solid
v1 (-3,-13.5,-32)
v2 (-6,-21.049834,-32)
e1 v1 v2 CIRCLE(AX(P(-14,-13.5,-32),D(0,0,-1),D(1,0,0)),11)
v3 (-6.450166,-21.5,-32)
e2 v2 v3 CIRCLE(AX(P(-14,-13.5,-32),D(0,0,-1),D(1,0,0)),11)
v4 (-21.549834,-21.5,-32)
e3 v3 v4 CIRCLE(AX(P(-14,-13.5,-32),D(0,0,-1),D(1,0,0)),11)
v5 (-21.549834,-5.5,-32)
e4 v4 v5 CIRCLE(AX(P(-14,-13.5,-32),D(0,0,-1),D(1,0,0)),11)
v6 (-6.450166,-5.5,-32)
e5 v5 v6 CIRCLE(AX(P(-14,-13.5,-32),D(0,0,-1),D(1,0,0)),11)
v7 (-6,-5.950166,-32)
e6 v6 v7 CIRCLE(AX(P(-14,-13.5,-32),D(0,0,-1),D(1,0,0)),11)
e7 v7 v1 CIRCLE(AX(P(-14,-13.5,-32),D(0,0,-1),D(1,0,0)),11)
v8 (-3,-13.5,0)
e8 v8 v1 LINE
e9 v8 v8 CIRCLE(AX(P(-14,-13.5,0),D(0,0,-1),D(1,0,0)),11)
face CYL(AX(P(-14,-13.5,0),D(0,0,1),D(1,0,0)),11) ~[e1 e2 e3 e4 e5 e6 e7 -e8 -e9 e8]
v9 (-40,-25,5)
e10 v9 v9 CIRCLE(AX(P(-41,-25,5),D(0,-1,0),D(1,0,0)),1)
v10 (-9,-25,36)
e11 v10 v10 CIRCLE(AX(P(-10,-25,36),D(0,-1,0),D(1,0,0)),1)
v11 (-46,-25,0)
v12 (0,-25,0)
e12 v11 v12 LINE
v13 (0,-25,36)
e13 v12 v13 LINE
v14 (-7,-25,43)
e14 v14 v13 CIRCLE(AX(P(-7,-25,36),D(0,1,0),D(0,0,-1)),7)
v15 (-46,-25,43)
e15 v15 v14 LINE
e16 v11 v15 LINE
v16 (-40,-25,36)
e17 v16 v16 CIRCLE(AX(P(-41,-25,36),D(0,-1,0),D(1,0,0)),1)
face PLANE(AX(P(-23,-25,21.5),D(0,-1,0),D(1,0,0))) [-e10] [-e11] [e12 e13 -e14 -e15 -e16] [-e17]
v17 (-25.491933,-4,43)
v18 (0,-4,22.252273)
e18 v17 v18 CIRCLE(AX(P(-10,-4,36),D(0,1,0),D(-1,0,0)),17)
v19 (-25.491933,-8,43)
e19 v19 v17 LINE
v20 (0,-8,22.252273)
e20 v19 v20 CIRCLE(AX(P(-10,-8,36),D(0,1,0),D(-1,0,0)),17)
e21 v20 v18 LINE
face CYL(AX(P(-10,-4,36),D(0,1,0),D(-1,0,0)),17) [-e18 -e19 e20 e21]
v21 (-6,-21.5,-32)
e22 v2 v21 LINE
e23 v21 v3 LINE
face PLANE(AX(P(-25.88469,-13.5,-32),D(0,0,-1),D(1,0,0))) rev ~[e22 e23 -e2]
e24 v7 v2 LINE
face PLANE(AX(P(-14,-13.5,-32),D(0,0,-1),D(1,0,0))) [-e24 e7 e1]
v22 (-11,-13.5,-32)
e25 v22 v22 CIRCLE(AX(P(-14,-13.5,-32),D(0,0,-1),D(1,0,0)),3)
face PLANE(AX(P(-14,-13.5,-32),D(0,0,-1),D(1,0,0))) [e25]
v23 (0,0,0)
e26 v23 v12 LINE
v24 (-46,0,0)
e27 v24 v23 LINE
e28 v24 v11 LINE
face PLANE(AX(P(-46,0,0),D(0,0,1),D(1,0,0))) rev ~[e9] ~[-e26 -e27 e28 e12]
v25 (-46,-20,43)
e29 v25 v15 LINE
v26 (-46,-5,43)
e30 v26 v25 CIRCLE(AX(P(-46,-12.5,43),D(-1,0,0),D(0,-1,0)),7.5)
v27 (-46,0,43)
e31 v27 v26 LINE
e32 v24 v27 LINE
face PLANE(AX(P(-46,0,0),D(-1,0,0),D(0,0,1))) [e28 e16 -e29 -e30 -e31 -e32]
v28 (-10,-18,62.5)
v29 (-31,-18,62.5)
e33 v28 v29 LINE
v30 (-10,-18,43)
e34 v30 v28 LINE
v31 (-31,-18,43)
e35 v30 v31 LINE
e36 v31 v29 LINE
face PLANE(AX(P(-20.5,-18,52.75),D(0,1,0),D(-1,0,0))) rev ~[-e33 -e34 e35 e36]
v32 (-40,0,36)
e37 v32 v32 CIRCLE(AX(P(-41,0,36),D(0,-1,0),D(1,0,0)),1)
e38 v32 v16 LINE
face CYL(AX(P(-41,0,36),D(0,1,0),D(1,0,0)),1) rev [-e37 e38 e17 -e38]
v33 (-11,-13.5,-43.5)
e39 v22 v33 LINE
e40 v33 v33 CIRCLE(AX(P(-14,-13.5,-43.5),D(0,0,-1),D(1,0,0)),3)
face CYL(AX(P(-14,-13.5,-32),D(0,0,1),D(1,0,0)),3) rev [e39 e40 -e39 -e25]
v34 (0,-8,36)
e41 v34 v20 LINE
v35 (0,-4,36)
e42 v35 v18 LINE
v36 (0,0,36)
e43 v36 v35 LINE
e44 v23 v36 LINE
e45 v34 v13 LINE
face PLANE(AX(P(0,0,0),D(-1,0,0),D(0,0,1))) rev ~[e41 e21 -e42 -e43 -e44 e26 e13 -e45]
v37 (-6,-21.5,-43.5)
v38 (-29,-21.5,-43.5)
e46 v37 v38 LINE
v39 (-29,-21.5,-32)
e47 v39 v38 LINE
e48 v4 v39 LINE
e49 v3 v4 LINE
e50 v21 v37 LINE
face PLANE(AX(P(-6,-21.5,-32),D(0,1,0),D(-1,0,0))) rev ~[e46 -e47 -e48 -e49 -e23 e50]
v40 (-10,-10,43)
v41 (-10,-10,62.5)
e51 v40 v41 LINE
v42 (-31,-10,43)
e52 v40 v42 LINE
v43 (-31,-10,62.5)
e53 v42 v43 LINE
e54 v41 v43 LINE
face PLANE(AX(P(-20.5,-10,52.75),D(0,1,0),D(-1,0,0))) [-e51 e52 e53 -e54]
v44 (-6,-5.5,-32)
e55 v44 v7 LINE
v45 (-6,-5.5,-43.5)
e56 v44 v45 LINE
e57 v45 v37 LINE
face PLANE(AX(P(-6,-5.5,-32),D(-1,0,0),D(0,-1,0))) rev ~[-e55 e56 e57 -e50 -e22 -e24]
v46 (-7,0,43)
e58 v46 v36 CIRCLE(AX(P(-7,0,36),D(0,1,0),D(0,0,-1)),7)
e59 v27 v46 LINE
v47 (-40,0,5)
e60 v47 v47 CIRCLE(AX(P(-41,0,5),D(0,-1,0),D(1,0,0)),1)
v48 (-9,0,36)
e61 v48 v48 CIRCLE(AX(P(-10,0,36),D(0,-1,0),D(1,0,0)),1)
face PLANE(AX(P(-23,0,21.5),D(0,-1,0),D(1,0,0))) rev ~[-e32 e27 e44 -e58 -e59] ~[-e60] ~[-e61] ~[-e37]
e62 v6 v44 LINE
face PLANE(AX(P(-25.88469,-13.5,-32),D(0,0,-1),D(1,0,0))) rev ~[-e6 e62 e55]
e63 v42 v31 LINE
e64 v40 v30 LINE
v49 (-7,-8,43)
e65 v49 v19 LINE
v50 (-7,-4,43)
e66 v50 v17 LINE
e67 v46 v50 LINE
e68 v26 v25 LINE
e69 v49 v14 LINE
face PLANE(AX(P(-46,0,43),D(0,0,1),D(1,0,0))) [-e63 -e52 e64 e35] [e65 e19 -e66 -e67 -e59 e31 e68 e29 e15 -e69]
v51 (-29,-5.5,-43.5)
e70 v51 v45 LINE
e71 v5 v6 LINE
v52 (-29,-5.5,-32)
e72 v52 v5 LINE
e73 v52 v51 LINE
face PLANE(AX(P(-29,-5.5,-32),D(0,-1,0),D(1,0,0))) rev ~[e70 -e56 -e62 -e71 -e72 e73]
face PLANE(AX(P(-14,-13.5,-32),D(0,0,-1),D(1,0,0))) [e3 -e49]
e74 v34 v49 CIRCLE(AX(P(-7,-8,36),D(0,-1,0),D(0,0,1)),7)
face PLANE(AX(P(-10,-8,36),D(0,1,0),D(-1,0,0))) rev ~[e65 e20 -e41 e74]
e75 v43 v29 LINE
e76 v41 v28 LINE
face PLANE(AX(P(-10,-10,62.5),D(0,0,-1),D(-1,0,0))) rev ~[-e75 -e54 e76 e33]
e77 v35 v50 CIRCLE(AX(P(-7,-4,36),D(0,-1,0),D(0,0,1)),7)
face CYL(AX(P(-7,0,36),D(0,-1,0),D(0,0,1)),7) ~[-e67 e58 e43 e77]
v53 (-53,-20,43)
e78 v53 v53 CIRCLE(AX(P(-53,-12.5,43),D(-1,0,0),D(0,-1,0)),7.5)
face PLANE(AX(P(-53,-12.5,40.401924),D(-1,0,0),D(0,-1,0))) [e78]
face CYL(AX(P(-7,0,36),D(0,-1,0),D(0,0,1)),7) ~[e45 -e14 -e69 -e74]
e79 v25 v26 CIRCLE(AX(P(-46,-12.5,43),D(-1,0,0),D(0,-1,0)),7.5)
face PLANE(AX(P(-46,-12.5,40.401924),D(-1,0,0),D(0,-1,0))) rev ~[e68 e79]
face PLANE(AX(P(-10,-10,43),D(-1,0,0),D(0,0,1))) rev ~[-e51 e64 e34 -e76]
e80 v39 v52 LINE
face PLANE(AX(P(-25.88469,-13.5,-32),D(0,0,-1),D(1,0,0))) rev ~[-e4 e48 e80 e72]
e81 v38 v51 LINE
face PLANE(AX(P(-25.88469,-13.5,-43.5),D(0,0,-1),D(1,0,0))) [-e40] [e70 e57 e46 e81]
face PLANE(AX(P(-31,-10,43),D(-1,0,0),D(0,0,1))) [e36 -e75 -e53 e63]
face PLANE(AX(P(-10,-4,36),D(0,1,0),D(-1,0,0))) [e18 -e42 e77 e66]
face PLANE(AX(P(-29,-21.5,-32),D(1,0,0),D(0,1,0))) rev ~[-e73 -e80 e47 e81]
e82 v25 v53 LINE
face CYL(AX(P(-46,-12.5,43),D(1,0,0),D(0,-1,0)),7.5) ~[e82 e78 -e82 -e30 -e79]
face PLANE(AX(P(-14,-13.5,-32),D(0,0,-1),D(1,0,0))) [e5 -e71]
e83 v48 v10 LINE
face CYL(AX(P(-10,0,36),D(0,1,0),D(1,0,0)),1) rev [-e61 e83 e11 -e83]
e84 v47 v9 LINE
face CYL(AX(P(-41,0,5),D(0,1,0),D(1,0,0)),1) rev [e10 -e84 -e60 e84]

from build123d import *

# Parameters (mm, degrees)
F0_W      = 46
F0_H      = 43
F0_R      = 1
F1_DEPTH  = 25
F4_R      = 7
F3_R      = 17
F3_R_2    = 1
F5_DEPTH  = 4
F7_W      = 21
F7_H      = 19.5
F8_DEPTH  = 8
F10_DEPTH = 7
F11_R     = 11
F12_DEPTH = 32
F13_R     = 3
F14_DEPTH = 11.5


with BuildPart() as f1:
    # F0 (on Front) → F1 (new body)
    with BuildSketch(Plane.XZ):
        with Locations((-23, 21.5)):
            Rectangle(F0_W, F0_H)
        with Locations((-41, 5)):
            Circle(F0_R, mode=Mode.SUBTRACT)
        with Locations((-41, 36)):
            Circle(F0_R, mode=Mode.SUBTRACT)
        with Locations((-10, 36)):
            Circle(F0_R, mode=Mode.SUBTRACT)
    extrude(amount=F1_DEPTH)

    # F4
    f4_edges = [f1.edges().sort_by_distance(p)[0] for p in [
        (0, -12.5, 43),
    ]]
    fillet(f4_edges, radius=F4_R)

    # F3 (on offset) → F5 (join)
    with BuildSketch(Plane(origin=(0, -4, 0), x_dir=(-1, 0, 0), z_dir=(0, 1, 0))):
        with Locations((10, 36)):
            Circle(F3_R)
        with Locations((10, 36)):
            Circle(F3_R_2, mode=Mode.SUBTRACT)
    extrude(amount=-F5_DEPTH)

    # F7 (on offset) → F8 (join)
    with BuildSketch(Plane(origin=(0, -10, 0), x_dir=(-1, 0, 0), z_dir=(0, 1, 0))):
        with Locations((20.5, 52.75)):
            Rectangle(F7_W, F7_H)
    extrude(amount=-F8_DEPTH)

    # F9 (on face) → F10 (join)
    with BuildSketch(Plane(origin=(-46, 0, 0), x_dir=(0, -1, 0), z_dir=(-1, 0, 0))):
        with BuildLine():
            Line((20, 43), (5, 43))
            ThreePointArc((5, 43), (12.5, 35.5), (20, 43))
        make_face()
        with BuildLine():
            ThreePointArc((20, 43), (12.5, 50.5), (5, 43))
            Line((5, 43), (20, 43))
        make_face()
    extrude(amount=F10_DEPTH)

    # F11 (on face) → F12 (join)
    with BuildSketch(Plane(origin=(0, 0, 0), x_dir=(1, 0, 0), z_dir=(0, 0, -1))):
        with Locations((-14, 13.5)):
            Circle(F11_R)
    extrude(amount=F12_DEPTH)

    # F13 (on face) → F14 (join)
    with BuildSketch(Plane(origin=(0, 0, -32), x_dir=(1, 0, 0), z_dir=(0, 0, -1))):
        with BuildLine():
            ThreePointArc((-21.5498344353, 5.5), (-25, 13.5), (-21.5498344353, 21.5))
            Line((-21.5498344353, 21.5), (-29, 21.5))
            Line((-29, 21.5), (-29, 5.5))
            Line((-29, 5.5), (-21.5498344353, 5.5))
        make_face()
        with BuildLine():
            Line((-6, 5.9501655647), (-6, 21.0498344353))
            ThreePointArc((-6, 21.0498344353), (-6.2218254069, 21.2781745931), (-6.4501655647, 21.5))
            Line((-6.4501655647, 21.5), (-21.5498344353, 21.5))
            ThreePointArc((-21.5498344353, 21.5), (-25, 13.5), (-21.5498344353, 5.5))
            Line((-21.5498344353, 5.5), (-6.4501655647, 5.5))
            ThreePointArc((-6.4501655647, 5.5), (-6.2218254069, 5.7218254069), (-6, 5.9501655647))
        make_face()
        with Locations((-14, 13.5)):
            Circle(F13_R, mode=Mode.SUBTRACT)
        with BuildLine():
            Line((-6, 5.5), (-6, 5.9501655647))
            ThreePointArc((-6, 5.9501655647), (-6.2218254069, 5.7218254069), (-6.4501655647, 5.5))
            Line((-6.4501655647, 5.5), (-6, 5.5))
        make_face()
        with BuildLine():
            ThreePointArc((-6.4501655647, 21.5), (-6.2218254069, 21.2781745931), (-6, 21.0498344353))
            Line((-6, 21.0498344353), (-6, 21.5))
            Line((-6, 21.5), (-6.4501655647, 21.5))
        make_face()
    extrude(amount=F14_DEPTH)


solid = f1.part
